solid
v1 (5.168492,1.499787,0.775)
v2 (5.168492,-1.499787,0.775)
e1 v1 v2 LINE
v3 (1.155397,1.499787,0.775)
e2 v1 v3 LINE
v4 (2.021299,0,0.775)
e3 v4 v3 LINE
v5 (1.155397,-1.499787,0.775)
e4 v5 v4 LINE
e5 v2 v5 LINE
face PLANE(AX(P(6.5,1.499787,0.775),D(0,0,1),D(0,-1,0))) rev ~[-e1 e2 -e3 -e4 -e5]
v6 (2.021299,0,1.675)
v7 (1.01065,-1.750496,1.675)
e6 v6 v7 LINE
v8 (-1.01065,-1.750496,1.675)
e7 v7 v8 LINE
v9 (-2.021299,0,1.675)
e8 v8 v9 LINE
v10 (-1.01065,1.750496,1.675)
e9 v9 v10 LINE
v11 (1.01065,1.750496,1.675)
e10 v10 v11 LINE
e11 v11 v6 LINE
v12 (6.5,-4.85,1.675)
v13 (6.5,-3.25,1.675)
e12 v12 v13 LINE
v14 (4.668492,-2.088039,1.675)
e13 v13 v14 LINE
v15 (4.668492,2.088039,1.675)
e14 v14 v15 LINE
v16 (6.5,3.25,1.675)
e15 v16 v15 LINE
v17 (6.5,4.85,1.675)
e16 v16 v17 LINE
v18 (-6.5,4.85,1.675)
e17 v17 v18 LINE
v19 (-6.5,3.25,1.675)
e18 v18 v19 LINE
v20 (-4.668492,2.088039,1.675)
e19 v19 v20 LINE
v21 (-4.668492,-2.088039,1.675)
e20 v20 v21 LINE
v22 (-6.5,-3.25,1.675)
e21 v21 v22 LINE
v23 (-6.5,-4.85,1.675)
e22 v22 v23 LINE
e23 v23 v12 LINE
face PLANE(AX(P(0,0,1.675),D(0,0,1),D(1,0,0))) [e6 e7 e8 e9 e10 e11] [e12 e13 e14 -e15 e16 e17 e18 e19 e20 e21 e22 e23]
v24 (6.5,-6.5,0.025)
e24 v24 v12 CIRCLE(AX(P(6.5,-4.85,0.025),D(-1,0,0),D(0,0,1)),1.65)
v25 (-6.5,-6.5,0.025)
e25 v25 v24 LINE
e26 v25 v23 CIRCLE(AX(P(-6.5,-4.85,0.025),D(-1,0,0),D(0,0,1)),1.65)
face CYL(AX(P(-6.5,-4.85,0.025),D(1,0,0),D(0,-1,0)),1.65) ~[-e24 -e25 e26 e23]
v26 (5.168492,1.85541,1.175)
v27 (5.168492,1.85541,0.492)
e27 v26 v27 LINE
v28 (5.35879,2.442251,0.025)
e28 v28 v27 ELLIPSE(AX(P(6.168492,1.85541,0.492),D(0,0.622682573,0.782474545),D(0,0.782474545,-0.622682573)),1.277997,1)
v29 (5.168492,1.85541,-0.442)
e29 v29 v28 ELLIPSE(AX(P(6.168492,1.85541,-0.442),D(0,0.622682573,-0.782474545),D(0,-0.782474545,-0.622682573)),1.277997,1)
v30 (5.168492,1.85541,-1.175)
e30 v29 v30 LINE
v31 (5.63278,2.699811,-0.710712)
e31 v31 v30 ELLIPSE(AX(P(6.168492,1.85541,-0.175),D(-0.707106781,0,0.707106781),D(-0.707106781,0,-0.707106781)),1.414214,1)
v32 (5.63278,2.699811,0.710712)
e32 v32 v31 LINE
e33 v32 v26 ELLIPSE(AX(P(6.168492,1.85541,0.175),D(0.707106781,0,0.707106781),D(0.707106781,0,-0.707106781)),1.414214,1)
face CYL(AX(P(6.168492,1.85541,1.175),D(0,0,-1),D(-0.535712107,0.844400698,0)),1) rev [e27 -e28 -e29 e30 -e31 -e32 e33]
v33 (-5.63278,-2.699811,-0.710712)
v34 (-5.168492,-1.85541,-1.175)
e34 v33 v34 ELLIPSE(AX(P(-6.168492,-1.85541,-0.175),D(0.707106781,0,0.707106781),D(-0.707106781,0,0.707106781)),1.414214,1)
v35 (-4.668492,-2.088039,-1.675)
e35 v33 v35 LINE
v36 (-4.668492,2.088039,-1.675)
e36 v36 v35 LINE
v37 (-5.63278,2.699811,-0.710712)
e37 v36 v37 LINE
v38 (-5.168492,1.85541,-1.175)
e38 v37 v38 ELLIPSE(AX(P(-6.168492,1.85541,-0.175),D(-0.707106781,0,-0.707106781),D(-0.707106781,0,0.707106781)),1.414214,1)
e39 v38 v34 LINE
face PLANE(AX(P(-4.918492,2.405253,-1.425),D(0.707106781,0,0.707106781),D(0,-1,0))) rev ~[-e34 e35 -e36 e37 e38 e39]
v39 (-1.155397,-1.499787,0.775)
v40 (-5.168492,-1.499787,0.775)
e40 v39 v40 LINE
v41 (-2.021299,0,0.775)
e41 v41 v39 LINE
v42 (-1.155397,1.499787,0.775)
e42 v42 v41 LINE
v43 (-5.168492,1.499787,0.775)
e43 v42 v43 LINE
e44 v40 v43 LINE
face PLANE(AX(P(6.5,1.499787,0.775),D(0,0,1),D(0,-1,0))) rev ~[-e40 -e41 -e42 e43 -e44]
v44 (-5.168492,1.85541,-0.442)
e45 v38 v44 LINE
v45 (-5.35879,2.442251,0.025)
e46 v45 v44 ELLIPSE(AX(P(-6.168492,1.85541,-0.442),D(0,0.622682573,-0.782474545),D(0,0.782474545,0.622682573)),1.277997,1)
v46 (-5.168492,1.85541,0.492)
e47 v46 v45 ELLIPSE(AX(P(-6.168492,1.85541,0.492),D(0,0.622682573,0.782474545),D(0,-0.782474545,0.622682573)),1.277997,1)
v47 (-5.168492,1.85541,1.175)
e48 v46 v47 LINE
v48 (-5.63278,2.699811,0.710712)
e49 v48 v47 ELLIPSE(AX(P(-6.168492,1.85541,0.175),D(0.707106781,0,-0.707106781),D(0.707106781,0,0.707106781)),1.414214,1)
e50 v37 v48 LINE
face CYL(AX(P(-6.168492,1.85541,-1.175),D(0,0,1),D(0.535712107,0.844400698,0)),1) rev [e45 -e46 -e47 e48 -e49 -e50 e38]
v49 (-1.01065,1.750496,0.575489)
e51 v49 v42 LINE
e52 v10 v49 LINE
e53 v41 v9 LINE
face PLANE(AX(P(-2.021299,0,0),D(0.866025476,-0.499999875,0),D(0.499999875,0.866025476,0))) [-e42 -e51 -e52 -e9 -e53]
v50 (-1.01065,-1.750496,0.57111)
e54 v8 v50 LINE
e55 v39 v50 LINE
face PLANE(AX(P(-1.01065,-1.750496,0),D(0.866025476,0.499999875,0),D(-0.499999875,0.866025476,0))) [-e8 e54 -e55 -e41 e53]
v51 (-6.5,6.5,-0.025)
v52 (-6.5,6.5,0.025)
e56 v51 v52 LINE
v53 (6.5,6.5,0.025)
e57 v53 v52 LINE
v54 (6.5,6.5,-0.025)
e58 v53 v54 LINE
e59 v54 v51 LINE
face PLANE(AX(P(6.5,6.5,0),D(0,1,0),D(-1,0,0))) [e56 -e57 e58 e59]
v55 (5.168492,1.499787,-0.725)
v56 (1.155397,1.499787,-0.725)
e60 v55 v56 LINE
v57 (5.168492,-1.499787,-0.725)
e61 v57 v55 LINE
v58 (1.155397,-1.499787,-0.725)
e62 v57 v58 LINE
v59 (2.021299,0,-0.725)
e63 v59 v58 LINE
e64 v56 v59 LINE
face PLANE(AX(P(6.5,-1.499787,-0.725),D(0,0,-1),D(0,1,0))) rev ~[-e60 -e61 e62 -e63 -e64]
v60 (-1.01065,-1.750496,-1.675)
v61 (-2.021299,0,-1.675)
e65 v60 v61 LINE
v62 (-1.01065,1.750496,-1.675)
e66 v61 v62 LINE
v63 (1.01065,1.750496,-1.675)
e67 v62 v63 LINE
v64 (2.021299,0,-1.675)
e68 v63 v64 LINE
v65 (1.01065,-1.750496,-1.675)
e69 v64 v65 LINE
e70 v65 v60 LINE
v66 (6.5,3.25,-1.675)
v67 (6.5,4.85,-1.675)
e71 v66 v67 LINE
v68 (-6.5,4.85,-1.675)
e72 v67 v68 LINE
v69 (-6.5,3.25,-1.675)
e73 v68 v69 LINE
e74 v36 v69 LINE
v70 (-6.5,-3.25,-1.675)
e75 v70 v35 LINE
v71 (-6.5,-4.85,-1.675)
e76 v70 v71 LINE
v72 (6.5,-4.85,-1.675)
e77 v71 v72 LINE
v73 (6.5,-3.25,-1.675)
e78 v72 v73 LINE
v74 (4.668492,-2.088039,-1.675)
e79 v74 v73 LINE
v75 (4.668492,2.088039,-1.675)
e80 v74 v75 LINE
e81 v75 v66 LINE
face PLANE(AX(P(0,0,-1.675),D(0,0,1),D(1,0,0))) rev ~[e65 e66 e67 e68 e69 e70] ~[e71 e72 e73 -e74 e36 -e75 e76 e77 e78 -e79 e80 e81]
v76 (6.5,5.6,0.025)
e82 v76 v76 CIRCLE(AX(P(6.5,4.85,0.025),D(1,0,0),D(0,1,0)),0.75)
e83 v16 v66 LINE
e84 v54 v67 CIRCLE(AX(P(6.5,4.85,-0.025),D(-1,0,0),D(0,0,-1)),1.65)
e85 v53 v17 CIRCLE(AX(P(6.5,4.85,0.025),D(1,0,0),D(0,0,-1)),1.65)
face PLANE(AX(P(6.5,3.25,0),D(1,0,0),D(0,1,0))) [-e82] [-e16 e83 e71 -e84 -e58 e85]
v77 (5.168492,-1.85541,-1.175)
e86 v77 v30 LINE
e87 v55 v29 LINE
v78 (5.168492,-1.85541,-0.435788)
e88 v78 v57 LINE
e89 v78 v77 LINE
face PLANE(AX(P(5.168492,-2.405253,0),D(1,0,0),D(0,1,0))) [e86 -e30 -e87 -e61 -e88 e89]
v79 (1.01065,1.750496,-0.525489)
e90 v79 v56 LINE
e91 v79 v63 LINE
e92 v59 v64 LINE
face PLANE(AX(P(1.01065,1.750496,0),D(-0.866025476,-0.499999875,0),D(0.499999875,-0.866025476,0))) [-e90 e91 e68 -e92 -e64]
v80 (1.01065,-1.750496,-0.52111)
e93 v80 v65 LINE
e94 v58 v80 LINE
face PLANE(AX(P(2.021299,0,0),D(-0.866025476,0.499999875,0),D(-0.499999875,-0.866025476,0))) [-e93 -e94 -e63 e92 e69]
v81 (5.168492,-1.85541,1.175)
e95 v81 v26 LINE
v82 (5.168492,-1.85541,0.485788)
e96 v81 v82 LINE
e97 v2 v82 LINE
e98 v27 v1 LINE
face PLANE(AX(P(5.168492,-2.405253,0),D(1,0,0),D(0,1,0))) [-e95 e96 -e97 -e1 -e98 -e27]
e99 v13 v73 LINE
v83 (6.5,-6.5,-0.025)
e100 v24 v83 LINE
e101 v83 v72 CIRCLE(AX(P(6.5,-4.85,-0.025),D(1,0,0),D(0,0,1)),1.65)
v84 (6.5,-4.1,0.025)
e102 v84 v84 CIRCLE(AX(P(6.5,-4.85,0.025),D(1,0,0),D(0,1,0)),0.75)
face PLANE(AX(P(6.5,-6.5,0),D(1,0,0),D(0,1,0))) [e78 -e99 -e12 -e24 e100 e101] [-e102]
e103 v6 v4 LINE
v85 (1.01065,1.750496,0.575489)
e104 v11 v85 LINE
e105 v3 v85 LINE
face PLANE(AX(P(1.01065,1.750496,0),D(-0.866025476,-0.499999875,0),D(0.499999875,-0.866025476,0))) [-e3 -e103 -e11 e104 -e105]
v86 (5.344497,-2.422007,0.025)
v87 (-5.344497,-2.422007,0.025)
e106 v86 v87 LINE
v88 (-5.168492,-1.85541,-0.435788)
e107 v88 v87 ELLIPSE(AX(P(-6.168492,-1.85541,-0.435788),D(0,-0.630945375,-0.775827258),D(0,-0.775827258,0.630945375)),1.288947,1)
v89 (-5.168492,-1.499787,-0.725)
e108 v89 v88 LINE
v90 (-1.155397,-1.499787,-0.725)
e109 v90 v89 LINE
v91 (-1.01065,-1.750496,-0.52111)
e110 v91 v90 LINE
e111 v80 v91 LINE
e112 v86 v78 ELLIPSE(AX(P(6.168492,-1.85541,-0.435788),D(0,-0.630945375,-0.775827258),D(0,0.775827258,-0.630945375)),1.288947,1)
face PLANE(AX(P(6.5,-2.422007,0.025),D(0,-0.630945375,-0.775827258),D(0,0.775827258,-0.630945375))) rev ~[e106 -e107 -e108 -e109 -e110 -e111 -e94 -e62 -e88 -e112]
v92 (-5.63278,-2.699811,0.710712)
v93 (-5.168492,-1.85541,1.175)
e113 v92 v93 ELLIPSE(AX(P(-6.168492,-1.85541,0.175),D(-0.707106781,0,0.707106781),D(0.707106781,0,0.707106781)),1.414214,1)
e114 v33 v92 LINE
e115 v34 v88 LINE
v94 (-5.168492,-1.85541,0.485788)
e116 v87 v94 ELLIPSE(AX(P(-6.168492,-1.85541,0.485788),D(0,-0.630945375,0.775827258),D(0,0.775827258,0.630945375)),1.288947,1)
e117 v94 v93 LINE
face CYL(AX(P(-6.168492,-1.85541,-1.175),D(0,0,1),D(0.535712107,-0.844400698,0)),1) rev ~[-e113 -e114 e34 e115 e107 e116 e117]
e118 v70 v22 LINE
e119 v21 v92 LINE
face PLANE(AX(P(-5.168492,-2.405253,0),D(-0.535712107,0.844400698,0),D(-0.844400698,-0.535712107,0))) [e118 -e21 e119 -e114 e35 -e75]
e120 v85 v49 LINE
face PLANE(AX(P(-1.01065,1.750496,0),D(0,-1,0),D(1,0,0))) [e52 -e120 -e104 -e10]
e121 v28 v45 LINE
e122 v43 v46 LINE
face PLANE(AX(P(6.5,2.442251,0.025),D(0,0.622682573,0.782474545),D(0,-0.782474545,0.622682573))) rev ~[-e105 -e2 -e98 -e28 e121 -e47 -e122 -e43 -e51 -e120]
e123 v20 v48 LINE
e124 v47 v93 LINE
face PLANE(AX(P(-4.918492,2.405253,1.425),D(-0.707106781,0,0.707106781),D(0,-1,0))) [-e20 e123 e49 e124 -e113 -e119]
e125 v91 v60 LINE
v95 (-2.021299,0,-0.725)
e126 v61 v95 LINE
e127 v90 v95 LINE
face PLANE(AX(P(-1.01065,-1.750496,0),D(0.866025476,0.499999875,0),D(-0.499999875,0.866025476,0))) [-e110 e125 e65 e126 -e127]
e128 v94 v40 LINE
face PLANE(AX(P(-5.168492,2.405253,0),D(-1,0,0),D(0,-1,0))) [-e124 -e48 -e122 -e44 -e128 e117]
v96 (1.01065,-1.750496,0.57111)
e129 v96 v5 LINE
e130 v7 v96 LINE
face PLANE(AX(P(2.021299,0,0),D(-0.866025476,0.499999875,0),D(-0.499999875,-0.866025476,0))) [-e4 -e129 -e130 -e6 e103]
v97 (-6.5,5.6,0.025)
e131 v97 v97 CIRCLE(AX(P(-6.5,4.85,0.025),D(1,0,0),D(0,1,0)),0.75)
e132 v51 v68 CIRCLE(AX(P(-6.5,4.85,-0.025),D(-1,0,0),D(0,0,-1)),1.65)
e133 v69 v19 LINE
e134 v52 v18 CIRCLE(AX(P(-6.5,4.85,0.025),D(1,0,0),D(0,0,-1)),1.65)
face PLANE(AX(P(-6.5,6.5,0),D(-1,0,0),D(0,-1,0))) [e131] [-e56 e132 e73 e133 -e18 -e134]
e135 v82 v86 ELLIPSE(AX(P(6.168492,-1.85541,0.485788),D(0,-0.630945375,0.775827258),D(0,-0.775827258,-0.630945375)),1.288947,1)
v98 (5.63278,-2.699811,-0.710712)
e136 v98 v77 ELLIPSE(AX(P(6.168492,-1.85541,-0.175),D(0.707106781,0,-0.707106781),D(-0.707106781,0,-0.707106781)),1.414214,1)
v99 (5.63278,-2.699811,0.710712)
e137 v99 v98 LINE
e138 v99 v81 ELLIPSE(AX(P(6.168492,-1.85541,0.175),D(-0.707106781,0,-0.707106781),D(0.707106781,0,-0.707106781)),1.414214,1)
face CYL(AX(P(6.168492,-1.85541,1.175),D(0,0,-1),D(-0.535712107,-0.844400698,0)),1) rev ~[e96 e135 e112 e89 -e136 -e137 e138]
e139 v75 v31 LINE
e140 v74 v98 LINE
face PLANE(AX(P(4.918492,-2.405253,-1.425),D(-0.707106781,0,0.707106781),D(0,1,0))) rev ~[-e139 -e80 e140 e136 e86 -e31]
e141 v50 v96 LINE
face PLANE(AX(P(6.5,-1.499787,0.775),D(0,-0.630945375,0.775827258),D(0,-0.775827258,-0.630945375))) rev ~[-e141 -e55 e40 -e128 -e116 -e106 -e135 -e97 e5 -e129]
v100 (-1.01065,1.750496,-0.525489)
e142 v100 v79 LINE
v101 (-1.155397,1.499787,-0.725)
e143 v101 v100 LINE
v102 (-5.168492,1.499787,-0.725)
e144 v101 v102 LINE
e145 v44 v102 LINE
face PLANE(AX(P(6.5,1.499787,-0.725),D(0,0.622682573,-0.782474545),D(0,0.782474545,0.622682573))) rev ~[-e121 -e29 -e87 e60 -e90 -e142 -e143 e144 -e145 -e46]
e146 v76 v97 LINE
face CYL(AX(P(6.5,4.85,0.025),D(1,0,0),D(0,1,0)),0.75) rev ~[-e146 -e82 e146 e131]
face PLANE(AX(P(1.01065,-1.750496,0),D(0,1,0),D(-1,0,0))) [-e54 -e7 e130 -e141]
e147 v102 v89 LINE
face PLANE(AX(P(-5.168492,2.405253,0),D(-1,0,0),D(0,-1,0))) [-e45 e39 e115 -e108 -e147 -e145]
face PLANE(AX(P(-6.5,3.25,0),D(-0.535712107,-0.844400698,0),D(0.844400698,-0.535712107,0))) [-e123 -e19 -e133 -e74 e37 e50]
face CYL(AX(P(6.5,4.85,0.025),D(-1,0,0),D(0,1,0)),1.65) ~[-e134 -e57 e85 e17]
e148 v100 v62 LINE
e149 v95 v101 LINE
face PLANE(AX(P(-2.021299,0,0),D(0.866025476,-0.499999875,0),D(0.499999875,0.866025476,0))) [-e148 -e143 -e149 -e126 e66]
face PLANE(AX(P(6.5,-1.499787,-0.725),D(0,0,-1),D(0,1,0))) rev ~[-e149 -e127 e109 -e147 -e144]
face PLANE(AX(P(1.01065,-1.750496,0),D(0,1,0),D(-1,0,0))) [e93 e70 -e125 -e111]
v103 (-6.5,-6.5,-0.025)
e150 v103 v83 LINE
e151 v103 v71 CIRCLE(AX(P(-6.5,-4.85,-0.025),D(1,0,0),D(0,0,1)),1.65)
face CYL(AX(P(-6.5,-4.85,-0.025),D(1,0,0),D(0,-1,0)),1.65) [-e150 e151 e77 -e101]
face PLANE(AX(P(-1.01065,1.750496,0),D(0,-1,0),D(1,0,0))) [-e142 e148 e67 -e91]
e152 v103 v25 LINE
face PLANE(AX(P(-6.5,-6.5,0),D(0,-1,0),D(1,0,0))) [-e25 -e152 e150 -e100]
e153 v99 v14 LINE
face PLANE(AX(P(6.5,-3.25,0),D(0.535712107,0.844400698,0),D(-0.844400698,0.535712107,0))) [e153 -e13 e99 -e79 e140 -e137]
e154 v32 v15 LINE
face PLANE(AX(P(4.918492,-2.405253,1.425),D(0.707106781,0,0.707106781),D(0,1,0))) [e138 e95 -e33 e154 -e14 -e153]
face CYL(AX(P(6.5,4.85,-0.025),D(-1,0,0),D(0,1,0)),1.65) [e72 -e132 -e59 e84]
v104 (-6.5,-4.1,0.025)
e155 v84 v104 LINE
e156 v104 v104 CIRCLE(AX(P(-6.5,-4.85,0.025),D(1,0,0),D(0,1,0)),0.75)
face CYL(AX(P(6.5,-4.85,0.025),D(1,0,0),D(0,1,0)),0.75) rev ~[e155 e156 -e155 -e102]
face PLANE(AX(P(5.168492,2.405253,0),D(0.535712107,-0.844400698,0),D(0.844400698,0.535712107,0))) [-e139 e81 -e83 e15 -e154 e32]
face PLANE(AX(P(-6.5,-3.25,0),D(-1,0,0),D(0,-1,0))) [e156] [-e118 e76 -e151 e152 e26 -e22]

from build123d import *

# Parameters (mm, degrees)
F1_DEPTH = 1.675
F2_SIZE  = 0.5
F3_R     = 1.65
F4_R     = 1
F5_R     = 0.75
F6_DEPTH = 13.001


with BuildPart() as f1:
    # F0 (on Top) → F1 (new body, symmetric)
    with BuildSketch(Plane.XY):
        Polygon((6.5, 6.5), (-6.5, 6.5), (-6.5, 3.25), (-5.168492, 2.405253), (-5.168492, -2.405253), (-6.5, -3.25), (-6.5, -6.5), (6.5, -6.5), (6.5, -3.25), (5.168492, -2.405253), (5.168492, 2.405253), (6.5, 3.25), align=None)
        Polygon((-2.021299, 0), (-1.01065, 1.750496), (1.01065, 1.750496), (2.021299, 0), (1.01065, -1.750496), (-1.01065, -1.750496), align=None, mode=Mode.SUBTRACT)
    extrude(amount=F1_DEPTH, both=True)

    # F2
    f2_edges = [f1.edges().sort_by_distance(p)[0] for p in [
        (-5.168492, 0, 1.675),
        (5.168492, 0, 1.675),
        (-5.168492, 0, -1.675),
        (5.168492, 0, -1.675),
    ]]
    chamfer(f2_edges, length=F2_SIZE)

    # F3
    f3_edges = [f1.edges().sort_by_distance(p)[0] for p in [
        (0, 6.5, 1.675),
        (0, 6.5, -1.675),
        (0, -6.5, 1.675),
        (0, -6.5, -1.675),
    ]]
    fillet(f3_edges, radius=F3_R)

    # F4
    f4_edges = [f1.edges().sort_by_distance(p)[0] for p in [
        (5.168492, 2.405253, 0),
        (5.168492, -2.405253, 0),
        (-5.168492, -2.405253, 0),
        (-5.168492, 2.405253, 0),
    ]]
    fillet(f4_edges, radius=F4_R)

    # F5 (on face) → F6 (cut, through all)
    with BuildSketch(Plane.YZ.offset(6.5)):
        with Locations((-4.85, 0.025)):
            Circle(F5_R)
        with Locations((4.85, 0.025)):
            Circle(F5_R)
        Polygon((-1.499787, 0.775), (-2.422007, 0.025), (-1.499787, -0.725), (1.499787, -0.725), (2.442251, 0.025), (1.499787, 0.775), align=None)
    extrude(amount=-F6_DEPTH, mode=Mode.SUBTRACT)


solid = f1.part
